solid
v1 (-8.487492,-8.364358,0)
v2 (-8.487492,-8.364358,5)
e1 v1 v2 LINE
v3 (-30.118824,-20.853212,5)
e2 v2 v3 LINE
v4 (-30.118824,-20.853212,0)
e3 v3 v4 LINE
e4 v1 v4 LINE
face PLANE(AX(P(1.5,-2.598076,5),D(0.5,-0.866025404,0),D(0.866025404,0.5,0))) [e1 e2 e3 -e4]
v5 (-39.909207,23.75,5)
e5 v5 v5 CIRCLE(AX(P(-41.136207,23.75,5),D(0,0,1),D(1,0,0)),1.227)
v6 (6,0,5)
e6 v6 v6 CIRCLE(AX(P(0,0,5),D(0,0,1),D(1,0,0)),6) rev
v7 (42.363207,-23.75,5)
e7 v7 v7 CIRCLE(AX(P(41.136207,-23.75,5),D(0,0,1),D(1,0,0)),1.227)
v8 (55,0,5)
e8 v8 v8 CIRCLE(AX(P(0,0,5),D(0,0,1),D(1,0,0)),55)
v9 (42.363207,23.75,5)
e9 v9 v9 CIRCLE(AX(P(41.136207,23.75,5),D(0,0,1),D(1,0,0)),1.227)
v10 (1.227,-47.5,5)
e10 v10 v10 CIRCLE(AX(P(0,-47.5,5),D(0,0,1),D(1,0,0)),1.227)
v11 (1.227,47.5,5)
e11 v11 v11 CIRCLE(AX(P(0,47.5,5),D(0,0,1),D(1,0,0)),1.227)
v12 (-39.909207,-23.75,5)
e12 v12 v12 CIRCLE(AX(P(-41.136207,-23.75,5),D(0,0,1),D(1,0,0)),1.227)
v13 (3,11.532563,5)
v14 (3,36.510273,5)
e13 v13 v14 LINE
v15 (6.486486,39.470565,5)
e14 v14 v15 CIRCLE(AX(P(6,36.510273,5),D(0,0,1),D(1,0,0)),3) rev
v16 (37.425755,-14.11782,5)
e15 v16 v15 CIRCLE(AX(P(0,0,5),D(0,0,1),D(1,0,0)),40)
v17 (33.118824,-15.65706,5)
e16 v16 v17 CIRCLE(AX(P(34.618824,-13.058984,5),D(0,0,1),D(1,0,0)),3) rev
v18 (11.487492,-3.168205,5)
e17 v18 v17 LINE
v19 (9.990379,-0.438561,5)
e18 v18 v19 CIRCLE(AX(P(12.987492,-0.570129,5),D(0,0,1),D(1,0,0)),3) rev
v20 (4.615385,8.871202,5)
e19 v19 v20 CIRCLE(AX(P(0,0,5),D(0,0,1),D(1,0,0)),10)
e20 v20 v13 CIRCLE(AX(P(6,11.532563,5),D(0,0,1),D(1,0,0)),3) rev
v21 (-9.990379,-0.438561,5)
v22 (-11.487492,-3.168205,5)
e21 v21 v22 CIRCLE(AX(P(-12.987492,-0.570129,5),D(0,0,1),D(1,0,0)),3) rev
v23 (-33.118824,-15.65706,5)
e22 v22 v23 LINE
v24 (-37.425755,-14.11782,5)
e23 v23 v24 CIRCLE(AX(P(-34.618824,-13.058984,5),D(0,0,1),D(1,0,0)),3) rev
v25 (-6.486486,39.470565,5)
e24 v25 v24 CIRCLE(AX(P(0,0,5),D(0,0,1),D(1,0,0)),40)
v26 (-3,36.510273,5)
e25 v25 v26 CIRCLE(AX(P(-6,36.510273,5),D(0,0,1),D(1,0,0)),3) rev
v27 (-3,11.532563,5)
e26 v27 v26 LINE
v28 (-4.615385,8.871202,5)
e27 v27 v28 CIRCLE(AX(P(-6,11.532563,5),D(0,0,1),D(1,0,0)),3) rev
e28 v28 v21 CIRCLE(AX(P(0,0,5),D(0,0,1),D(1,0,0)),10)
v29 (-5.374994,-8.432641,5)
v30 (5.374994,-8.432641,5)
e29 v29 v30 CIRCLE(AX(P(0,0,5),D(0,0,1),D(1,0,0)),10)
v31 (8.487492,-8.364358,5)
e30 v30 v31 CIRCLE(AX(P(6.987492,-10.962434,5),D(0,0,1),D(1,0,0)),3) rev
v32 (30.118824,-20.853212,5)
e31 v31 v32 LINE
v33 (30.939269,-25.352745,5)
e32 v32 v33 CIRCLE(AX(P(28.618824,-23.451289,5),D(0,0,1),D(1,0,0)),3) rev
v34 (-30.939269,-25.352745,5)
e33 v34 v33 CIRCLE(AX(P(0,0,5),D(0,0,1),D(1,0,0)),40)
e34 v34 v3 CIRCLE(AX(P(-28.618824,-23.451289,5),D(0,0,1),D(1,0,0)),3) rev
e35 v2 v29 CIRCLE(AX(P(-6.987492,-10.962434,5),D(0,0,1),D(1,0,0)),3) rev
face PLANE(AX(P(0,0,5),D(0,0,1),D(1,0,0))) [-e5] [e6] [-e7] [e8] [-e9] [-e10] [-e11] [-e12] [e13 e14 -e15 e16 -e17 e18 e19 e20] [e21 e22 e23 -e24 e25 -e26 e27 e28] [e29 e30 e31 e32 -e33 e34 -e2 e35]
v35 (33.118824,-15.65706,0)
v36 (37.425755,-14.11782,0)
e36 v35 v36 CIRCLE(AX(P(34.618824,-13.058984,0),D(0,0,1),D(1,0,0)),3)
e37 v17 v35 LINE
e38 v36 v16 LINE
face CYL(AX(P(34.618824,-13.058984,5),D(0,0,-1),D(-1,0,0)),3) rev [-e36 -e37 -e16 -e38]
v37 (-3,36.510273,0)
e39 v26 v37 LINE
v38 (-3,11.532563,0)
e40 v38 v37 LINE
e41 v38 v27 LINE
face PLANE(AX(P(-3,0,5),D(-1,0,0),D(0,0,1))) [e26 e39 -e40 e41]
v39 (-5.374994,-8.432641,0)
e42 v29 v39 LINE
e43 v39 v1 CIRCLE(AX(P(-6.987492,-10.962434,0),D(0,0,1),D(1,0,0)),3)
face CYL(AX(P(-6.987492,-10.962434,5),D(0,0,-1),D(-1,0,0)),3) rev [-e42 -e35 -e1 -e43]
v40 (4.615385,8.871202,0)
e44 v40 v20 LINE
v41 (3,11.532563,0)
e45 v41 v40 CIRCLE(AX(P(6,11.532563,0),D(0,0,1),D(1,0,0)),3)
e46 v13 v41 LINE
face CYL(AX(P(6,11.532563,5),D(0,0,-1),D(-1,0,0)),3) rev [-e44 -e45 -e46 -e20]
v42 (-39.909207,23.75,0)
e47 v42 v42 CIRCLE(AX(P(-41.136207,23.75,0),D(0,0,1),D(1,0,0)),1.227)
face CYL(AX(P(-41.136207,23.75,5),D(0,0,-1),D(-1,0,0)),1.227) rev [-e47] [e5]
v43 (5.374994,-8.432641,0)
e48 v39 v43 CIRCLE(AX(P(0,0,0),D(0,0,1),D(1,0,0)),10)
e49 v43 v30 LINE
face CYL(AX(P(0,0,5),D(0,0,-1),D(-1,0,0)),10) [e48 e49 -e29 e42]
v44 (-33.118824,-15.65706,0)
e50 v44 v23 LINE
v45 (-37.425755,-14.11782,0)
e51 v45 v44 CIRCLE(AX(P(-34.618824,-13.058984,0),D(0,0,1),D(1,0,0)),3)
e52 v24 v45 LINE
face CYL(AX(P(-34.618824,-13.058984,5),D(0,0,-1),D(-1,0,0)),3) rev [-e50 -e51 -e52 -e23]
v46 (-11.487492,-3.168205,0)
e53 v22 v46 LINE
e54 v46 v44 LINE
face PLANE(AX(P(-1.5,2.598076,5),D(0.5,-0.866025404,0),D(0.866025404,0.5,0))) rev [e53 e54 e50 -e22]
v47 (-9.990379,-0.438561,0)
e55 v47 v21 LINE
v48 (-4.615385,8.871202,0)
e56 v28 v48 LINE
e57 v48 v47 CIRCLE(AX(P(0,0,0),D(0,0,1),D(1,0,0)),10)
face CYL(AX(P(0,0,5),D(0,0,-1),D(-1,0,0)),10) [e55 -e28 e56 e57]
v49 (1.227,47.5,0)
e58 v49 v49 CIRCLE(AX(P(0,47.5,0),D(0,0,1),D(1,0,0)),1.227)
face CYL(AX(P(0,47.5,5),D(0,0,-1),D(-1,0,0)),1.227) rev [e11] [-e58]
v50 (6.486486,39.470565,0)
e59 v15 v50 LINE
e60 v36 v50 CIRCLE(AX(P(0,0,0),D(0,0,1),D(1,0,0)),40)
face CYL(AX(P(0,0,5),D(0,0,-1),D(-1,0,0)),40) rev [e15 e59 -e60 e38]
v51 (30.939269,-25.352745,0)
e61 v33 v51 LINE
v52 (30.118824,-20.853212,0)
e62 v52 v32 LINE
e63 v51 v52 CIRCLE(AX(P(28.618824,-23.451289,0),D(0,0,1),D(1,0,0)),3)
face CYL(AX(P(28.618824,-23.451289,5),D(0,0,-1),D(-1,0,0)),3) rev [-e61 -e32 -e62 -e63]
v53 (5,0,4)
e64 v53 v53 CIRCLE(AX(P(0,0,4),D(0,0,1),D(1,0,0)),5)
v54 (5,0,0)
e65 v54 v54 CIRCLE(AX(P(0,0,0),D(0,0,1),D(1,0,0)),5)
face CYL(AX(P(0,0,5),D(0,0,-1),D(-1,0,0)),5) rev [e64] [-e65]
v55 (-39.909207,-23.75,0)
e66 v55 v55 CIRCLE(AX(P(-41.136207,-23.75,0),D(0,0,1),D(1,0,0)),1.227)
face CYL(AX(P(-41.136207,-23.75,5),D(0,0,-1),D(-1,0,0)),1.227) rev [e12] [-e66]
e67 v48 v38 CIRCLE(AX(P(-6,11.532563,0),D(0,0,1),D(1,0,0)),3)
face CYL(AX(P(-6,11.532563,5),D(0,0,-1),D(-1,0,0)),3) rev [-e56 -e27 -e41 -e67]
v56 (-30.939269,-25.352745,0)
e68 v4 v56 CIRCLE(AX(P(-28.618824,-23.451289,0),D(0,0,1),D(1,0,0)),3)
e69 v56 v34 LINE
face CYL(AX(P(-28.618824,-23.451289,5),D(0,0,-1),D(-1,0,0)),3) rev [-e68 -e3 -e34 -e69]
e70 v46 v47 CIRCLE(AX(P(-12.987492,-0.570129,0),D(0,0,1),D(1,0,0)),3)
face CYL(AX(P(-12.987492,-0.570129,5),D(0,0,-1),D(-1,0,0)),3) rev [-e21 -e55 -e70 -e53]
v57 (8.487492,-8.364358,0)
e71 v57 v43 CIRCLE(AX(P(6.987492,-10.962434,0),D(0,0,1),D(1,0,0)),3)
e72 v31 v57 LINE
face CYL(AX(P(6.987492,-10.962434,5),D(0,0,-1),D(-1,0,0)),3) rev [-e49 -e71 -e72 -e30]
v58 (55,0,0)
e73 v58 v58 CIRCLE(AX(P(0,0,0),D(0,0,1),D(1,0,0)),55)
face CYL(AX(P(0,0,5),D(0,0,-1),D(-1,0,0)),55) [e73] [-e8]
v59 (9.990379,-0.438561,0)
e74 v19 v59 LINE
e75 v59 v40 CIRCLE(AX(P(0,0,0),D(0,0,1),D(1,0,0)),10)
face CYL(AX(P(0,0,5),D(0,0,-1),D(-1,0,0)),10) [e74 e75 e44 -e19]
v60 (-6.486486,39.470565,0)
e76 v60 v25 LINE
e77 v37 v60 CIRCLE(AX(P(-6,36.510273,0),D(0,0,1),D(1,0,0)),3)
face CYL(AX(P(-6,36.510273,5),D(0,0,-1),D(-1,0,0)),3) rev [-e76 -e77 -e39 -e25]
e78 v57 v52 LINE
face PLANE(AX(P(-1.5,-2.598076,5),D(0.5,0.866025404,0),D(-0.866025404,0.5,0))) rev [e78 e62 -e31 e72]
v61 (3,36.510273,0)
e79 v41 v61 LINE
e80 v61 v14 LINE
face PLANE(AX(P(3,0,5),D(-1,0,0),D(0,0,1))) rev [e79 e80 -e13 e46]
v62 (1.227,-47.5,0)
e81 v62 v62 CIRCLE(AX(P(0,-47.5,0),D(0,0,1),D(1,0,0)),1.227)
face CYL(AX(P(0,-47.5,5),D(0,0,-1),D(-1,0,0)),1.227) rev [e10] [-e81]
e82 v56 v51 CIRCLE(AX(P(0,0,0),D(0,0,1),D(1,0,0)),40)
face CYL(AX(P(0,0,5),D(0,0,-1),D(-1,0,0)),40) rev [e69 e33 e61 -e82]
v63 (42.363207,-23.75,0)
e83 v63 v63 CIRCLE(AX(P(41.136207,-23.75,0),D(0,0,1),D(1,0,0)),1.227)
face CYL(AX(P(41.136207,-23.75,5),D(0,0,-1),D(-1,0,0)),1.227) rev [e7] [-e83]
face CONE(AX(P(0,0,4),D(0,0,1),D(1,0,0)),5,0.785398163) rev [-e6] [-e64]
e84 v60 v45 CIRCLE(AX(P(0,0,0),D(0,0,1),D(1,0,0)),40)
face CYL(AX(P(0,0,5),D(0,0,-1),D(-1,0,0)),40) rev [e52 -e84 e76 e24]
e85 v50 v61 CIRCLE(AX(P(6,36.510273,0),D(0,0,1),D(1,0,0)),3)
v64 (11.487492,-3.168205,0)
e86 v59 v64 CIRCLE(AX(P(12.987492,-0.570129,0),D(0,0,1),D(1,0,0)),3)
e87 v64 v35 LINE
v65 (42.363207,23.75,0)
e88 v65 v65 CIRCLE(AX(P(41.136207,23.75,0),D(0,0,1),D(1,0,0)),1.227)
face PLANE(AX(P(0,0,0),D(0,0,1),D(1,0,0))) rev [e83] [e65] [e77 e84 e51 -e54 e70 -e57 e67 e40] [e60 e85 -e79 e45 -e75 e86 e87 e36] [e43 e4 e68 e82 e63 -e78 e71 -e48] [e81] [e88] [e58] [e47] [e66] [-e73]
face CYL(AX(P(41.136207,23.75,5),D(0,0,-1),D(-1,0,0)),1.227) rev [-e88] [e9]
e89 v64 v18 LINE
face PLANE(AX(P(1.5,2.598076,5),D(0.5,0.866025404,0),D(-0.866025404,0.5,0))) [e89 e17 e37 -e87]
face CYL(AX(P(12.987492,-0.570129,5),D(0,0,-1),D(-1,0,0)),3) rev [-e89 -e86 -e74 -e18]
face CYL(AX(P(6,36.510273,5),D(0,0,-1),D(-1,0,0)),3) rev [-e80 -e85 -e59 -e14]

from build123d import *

# Parameters (mm, degrees)
ESQUISSE1_R        = 55
ESQUISSE1_R_2      = 1.227
ESQUISSE1_R_3      = 5
BOSS_EXTRU_1_DEPTH = 5
CONG_1_R           = 3
CHANFREIN1_SIZE    = 1


with BuildPart() as part:
    # Esquisse1 → Boss.-Extru.1 (new body)
    with BuildSketch(Plane.XY):
        Circle(ESQUISSE1_R)
        with Locations((-41.13620668, 23.75)):
            Circle(ESQUISSE1_R_2, mode=Mode.SUBTRACT)
        with Locations((-41.13620668, -23.75)):
            Circle(ESQUISSE1_R_2, mode=Mode.SUBTRACT)
        with Locations((0, -47.5)):
            Circle(ESQUISSE1_R_2, mode=Mode.SUBTRACT)
        with Locations((41.13620668, -23.75)):
            Circle(ESQUISSE1_R_2, mode=Mode.SUBTRACT)
        with Locations((41.13620668, 23.75)):
            Circle(ESQUISSE1_R_2, mode=Mode.SUBTRACT)
        with Locations((0, 47.5)):
            Circle(ESQUISSE1_R_2, mode=Mode.SUBTRACT)
        Circle(ESQUISSE1_R_3, mode=Mode.SUBTRACT)
        with BuildLine():
            ThreePointArc((36.043450899, -17.345594464), (34.641016151, 20), (3, 39.88734135))
            Line((3, 39.88734135), (3, 9.539392014))
            ThreePointArc((3, 9.539392014), (8.660254038, 5), (9.761355821, -2.171619796))
            Line((9.761355821, -2.171619796), (36.043450899, -17.345594464))
        make_face(mode=Mode.SUBTRACT)
        with BuildLine():
            ThreePointArc((-33.043450899, -22.541746887), (0, -40), (33.043450899, -22.541746887))
            Line((33.043450899, -22.541746887), (6.761355821, -7.367772218))
            ThreePointArc((6.761355821, -7.367772218), (0, -10), (-6.761355821, -7.367772218))
            Line((-6.761355821, -7.367772218), (-33.043450899, -22.541746887))
        make_face(mode=Mode.SUBTRACT)
        with BuildLine():
            Line((-3, 9.539392014), (-3, 39.88734135))
            ThreePointArc((-3, 39.88734135), (-34.641016151, 20), (-36.043450899, -17.345594464))
            Line((-36.043450899, -17.345594464), (-9.761355821, -2.171619796))
            ThreePointArc((-9.761355821, -2.171619796), (-8.660254038, 5), (-3, 9.539392014))
        make_face(mode=Mode.SUBTRACT)
    extrude(amount=BOSS_EXTRU_1_DEPTH)

    # Congé1
    cong_1_edges = [part.edges().sort_by_distance(p)[0] for p in [
        (-3, 39.88734135, 2.5),
        (-36.043450899, -17.345594464, 2.5),
        (-9.761355821, -2.171619796, 2.5),
        (-3, 9.539392014, 2.5),
        (33.043450899, -22.541746887, 2.5),
        (6.761355821, -7.367772218, 2.5),
        (-6.761355821, -7.367772218, 2.5),
        (-33.043450899, -22.541746887, 2.5),
        (3, 39.88734135, 2.5),
        (3, 9.539392014, 2.5),
        (9.761355821, -2.171619796, 2.5),
        (36.043450899, -17.345594464, 2.5),
    ]]
    fillet(cong_1_edges, radius=CONG_1_R)

    # Chanfrein1
    chanfrein1_edges = [part.edges().sort_by_distance(p)[0] for p in [
        (-5, 0, 5),
    ]]
    chamfer(chanfrein1_edges, length=CHANFREIN1_SIZE)


solid = part.part
